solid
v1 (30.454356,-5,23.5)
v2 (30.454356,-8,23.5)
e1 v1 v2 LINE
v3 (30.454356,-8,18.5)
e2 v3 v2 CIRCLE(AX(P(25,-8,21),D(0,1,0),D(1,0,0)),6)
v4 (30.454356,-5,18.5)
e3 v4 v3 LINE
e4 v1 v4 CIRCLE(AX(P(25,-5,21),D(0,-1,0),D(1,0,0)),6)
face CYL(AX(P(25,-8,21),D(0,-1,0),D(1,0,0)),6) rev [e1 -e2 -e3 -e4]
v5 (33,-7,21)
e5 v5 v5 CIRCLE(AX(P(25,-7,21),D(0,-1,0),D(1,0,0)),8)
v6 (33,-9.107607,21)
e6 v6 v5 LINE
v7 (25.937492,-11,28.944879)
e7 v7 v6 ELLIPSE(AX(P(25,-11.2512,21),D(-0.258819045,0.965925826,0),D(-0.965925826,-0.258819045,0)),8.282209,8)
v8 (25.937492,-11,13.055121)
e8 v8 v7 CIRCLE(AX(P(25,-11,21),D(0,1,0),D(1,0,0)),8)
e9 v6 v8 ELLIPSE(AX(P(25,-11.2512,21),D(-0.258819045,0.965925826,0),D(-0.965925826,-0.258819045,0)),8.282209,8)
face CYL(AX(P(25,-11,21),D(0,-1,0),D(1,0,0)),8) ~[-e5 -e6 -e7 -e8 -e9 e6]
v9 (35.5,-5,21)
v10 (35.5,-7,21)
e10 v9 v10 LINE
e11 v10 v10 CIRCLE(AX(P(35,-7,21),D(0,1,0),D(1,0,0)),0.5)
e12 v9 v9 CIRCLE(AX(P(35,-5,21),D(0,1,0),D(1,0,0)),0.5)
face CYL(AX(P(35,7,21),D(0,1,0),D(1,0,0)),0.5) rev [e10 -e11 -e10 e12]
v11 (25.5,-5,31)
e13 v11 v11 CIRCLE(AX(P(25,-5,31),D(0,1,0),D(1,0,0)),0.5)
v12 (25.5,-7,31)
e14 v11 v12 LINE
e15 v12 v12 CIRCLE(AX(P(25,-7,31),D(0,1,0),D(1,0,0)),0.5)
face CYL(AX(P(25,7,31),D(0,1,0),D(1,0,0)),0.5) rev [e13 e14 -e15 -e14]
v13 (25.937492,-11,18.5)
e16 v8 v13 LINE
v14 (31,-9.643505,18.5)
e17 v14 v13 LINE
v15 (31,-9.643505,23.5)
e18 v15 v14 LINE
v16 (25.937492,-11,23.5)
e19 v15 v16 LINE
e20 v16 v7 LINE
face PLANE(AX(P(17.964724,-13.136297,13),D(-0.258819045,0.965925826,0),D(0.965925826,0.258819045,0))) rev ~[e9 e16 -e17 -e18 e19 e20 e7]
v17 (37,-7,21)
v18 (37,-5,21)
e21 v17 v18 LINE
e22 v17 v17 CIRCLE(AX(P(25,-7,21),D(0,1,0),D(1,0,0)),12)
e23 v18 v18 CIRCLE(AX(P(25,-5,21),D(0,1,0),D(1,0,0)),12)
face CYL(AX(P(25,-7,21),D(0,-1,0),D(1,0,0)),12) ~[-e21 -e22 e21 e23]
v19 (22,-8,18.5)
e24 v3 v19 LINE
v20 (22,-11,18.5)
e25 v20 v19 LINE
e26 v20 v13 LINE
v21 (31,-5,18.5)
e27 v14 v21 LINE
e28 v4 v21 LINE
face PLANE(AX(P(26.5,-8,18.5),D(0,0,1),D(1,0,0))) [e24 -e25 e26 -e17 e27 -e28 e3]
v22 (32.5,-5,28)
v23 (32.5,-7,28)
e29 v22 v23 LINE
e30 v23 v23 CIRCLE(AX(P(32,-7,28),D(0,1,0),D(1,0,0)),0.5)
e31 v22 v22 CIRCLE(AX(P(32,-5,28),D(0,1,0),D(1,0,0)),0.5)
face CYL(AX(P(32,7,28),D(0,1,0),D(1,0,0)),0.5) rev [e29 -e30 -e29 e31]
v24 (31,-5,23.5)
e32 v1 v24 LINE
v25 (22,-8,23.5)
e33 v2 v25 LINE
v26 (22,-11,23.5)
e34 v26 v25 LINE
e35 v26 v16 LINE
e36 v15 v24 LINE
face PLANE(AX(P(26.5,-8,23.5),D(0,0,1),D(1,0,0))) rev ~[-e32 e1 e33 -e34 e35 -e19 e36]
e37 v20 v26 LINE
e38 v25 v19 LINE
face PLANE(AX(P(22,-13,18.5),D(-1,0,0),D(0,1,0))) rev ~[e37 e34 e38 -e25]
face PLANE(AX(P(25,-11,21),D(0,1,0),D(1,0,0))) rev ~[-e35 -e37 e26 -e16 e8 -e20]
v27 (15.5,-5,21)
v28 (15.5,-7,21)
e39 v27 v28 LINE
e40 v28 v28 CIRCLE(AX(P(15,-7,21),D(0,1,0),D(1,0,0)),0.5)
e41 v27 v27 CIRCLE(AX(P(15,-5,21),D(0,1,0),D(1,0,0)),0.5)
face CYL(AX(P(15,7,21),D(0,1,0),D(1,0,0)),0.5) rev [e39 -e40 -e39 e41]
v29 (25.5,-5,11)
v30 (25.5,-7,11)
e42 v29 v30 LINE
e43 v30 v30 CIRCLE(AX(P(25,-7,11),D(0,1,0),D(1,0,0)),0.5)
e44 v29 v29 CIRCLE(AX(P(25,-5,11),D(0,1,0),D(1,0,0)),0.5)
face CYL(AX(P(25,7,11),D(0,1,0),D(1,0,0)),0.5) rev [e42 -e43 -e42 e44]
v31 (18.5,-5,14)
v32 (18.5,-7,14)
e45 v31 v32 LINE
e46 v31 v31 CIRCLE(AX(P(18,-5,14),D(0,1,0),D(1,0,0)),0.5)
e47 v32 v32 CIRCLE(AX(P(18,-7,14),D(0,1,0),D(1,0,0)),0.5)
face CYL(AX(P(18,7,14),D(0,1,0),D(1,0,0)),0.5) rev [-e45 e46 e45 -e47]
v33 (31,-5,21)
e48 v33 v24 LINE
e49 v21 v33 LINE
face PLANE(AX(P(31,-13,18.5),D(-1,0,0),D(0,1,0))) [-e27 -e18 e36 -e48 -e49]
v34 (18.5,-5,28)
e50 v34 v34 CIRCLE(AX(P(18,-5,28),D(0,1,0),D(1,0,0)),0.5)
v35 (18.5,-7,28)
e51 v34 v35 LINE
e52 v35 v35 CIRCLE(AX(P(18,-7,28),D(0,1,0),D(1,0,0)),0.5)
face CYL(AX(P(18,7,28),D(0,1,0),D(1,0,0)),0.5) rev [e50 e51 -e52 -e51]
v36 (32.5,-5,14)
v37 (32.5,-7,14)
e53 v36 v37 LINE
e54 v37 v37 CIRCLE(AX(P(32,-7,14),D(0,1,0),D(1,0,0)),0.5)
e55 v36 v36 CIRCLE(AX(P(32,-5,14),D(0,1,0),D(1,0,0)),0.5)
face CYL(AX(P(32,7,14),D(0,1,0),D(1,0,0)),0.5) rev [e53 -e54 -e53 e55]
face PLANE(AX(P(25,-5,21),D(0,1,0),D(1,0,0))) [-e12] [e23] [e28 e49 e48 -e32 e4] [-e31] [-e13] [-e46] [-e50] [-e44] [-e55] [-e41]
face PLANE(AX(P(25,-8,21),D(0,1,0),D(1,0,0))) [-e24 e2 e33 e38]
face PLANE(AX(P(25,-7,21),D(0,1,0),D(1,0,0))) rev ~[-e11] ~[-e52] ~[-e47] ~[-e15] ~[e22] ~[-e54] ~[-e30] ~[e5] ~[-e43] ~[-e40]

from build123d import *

# Parameters (mm, degrees)
BOX014_W               = 16
BOX014_H               = 4
BOX014_DEPTH           = 16
BOX014_PLACEMENT_ANGLE = 15
CYLINDER039_R          = 0.5
CYLINDER039_DEPTH      = 20
CYLINDER038_R          = 0.5
CYLINDER038_DEPTH      = 20
CYLINDER034_R          = 0.5
CYLINDER034_DEPTH      = 20
CYLINDER035_R          = 0.5
CYLINDER035_DEPTH      = 20
CYLINDER040_R          = 0.5
CYLINDER040_DEPTH      = 20
CYLINDER036_R          = 0.5
CYLINDER036_DEPTH      = 20
CYLINDER037_R          = 0.5
CYLINDER037_DEPTH      = 20
CYLINDER033_R          = 0.5
CYLINDER033_DEPTH      = 20
CYLINDER030_R          = 6
CYLINDER030_DEPTH      = 14
BOX013_W               = 9
BOX013_H               = 10
BOX013_DEPTH           = 5
CYLINDER031_R          = 8
CYLINDER031_DEPTH      = 6
CYLINDER032_R          = 12
CYLINDER032_DEPTH      = 2


with BuildPart() as cube014:
    # Box014 → Box014 (new body)
    with BuildSketch(Plane.XY):
        with Locations((8, 2)):
            Rectangle(BOX014_W, BOX014_H)
    extrude(amount=BOX014_DEPTH)


with BuildPart() as cube014_1:
    # Box014 placement: moved
    add(cube014.part.moved(Location((19, -17, 13))).rotate(Axis((19, -17, 13), (0, 0, 1)), BOX014_PLACEMENT_ANGLE))


with BuildPart() as cylinder039:
    # Cylinder039 → Cylinder039 (new body)
    with BuildSketch(Plane(origin=(32, 7, 14), x_dir=(1, 0, 0), z_dir=(0, -1, 0))):
        Circle(CYLINDER039_R)
    extrude(amount=CYLINDER039_DEPTH)


with BuildPart() as cylinder038:
    # Cylinder038 → Cylinder038 (new body)
    with BuildSketch(Plane(origin=(18, 7, 14), x_dir=(1, 0, 0), z_dir=(0, -1, 0))):
        Circle(CYLINDER038_R)
    extrude(amount=CYLINDER038_DEPTH)


with BuildPart() as cylinder034:
    # Cylinder034 → Cylinder034 (new body)
    with BuildSketch(Plane(origin=(35, 7, 21), x_dir=(1, 0, 0), z_dir=(0, -1, 0))):
        Circle(CYLINDER034_R)
    extrude(amount=CYLINDER034_DEPTH)


with BuildPart() as cylinder035:
    # Cylinder035 → Cylinder035 (new body)
    with BuildSketch(Plane(origin=(25, 7, 11), x_dir=(1, 0, 0), z_dir=(0, -1, 0))):
        Circle(CYLINDER035_R)
    extrude(amount=CYLINDER035_DEPTH)


with BuildPart() as cylinder040:
    # Cylinder040 → Cylinder040 (new body)
    with BuildSketch(Plane(origin=(18, 7, 28), x_dir=(1, 0, 0), z_dir=(0, -1, 0))):
        Circle(CYLINDER040_R)
    extrude(amount=CYLINDER040_DEPTH)


with BuildPart() as cylinder036:
    # Cylinder036 → Cylinder036 (new body)
    with BuildSketch(Plane(origin=(25, 7, 31), x_dir=(1, 0, 0), z_dir=(0, -1, 0))):
        Circle(CYLINDER036_R)
    extrude(amount=CYLINDER036_DEPTH)


with BuildPart() as cylinder037:
    # Cylinder037 → Cylinder037 (new body)
    with BuildSketch(Plane(origin=(32, 7, 28), x_dir=(1, 0, 0), z_dir=(0, -1, 0))):
        Circle(CYLINDER037_R)
    extrude(amount=CYLINDER037_DEPTH)


with BuildPart() as fusion033:
    # Cylinder033 → Cylinder033 (new body)
    with BuildSketch(Plane(origin=(15, 7, 21), x_dir=(1, 0, 0), z_dir=(0, -1, 0))):
        Circle(CYLINDER033_R)
    extrude(amount=CYLINDER033_DEPTH)

    # Fusion033: union Cylinder039, Cylinder038, Cylinder034, Cylinder035, Cylinder040, Cylinder036, Cylinder037
    add(cylinder039.part)
    add(cylinder038.part)
    add(cylinder034.part)
    add(cylinder035.part)
    add(cylinder040.part)
    add(cylinder036.part)
    add(cylinder037.part)


with BuildPart() as cylinder030:
    # Cylinder030 → Cylinder030 (new body)
    with BuildSketch(Plane(origin=(25, -8, 21), x_dir=(1, 0, 0), z_dir=(0, 1, 0))):
        Circle(CYLINDER030_R)
    extrude(amount=CYLINDER030_DEPTH)


with BuildPart() as fusion032:
    # Box013 → Box013 (new body)
    with BuildSketch(Plane(origin=(22, -13, 18.5), x_dir=(1, 0, 0), z_dir=(0, 0, 1))):
        with Locations((4.5, 5)):
            Rectangle(BOX013_W, BOX013_H)
    extrude(amount=BOX013_DEPTH)

    # Fusion032: union Cylinder030
    add(cylinder030.part)


with BuildPart() as cylinder031:
    # Cylinder031 → Cylinder031 (new body)
    with BuildSketch(Plane(origin=(25, -11, 21), x_dir=(1, 0, 0), z_dir=(0, 1, 0))):
        Circle(CYLINDER031_R)
    extrude(amount=CYLINDER031_DEPTH)


with BuildPart() as springflange001:
    # Cylinder032 → Cylinder032 (new body)
    with BuildSketch(Plane(origin=(25, -7, 21), x_dir=(1, 0, 0), z_dir=(0, 1, 0))):
        Circle(CYLINDER032_R)
    extrude(amount=CYLINDER032_DEPTH)

    # Fusion034: union Cylinder031
    add(cylinder031.part)

    # Cut022: cut Fusion032
    add(fusion032.part, mode=Mode.SUBTRACT)

    # Cut023: cut Fusion033
    add(fusion033.part, mode=Mode.SUBTRACT)

    # Cut030: cut Cube014
    add(cube014_1.part, mode=Mode.SUBTRACT)


solid = springflange001.part
